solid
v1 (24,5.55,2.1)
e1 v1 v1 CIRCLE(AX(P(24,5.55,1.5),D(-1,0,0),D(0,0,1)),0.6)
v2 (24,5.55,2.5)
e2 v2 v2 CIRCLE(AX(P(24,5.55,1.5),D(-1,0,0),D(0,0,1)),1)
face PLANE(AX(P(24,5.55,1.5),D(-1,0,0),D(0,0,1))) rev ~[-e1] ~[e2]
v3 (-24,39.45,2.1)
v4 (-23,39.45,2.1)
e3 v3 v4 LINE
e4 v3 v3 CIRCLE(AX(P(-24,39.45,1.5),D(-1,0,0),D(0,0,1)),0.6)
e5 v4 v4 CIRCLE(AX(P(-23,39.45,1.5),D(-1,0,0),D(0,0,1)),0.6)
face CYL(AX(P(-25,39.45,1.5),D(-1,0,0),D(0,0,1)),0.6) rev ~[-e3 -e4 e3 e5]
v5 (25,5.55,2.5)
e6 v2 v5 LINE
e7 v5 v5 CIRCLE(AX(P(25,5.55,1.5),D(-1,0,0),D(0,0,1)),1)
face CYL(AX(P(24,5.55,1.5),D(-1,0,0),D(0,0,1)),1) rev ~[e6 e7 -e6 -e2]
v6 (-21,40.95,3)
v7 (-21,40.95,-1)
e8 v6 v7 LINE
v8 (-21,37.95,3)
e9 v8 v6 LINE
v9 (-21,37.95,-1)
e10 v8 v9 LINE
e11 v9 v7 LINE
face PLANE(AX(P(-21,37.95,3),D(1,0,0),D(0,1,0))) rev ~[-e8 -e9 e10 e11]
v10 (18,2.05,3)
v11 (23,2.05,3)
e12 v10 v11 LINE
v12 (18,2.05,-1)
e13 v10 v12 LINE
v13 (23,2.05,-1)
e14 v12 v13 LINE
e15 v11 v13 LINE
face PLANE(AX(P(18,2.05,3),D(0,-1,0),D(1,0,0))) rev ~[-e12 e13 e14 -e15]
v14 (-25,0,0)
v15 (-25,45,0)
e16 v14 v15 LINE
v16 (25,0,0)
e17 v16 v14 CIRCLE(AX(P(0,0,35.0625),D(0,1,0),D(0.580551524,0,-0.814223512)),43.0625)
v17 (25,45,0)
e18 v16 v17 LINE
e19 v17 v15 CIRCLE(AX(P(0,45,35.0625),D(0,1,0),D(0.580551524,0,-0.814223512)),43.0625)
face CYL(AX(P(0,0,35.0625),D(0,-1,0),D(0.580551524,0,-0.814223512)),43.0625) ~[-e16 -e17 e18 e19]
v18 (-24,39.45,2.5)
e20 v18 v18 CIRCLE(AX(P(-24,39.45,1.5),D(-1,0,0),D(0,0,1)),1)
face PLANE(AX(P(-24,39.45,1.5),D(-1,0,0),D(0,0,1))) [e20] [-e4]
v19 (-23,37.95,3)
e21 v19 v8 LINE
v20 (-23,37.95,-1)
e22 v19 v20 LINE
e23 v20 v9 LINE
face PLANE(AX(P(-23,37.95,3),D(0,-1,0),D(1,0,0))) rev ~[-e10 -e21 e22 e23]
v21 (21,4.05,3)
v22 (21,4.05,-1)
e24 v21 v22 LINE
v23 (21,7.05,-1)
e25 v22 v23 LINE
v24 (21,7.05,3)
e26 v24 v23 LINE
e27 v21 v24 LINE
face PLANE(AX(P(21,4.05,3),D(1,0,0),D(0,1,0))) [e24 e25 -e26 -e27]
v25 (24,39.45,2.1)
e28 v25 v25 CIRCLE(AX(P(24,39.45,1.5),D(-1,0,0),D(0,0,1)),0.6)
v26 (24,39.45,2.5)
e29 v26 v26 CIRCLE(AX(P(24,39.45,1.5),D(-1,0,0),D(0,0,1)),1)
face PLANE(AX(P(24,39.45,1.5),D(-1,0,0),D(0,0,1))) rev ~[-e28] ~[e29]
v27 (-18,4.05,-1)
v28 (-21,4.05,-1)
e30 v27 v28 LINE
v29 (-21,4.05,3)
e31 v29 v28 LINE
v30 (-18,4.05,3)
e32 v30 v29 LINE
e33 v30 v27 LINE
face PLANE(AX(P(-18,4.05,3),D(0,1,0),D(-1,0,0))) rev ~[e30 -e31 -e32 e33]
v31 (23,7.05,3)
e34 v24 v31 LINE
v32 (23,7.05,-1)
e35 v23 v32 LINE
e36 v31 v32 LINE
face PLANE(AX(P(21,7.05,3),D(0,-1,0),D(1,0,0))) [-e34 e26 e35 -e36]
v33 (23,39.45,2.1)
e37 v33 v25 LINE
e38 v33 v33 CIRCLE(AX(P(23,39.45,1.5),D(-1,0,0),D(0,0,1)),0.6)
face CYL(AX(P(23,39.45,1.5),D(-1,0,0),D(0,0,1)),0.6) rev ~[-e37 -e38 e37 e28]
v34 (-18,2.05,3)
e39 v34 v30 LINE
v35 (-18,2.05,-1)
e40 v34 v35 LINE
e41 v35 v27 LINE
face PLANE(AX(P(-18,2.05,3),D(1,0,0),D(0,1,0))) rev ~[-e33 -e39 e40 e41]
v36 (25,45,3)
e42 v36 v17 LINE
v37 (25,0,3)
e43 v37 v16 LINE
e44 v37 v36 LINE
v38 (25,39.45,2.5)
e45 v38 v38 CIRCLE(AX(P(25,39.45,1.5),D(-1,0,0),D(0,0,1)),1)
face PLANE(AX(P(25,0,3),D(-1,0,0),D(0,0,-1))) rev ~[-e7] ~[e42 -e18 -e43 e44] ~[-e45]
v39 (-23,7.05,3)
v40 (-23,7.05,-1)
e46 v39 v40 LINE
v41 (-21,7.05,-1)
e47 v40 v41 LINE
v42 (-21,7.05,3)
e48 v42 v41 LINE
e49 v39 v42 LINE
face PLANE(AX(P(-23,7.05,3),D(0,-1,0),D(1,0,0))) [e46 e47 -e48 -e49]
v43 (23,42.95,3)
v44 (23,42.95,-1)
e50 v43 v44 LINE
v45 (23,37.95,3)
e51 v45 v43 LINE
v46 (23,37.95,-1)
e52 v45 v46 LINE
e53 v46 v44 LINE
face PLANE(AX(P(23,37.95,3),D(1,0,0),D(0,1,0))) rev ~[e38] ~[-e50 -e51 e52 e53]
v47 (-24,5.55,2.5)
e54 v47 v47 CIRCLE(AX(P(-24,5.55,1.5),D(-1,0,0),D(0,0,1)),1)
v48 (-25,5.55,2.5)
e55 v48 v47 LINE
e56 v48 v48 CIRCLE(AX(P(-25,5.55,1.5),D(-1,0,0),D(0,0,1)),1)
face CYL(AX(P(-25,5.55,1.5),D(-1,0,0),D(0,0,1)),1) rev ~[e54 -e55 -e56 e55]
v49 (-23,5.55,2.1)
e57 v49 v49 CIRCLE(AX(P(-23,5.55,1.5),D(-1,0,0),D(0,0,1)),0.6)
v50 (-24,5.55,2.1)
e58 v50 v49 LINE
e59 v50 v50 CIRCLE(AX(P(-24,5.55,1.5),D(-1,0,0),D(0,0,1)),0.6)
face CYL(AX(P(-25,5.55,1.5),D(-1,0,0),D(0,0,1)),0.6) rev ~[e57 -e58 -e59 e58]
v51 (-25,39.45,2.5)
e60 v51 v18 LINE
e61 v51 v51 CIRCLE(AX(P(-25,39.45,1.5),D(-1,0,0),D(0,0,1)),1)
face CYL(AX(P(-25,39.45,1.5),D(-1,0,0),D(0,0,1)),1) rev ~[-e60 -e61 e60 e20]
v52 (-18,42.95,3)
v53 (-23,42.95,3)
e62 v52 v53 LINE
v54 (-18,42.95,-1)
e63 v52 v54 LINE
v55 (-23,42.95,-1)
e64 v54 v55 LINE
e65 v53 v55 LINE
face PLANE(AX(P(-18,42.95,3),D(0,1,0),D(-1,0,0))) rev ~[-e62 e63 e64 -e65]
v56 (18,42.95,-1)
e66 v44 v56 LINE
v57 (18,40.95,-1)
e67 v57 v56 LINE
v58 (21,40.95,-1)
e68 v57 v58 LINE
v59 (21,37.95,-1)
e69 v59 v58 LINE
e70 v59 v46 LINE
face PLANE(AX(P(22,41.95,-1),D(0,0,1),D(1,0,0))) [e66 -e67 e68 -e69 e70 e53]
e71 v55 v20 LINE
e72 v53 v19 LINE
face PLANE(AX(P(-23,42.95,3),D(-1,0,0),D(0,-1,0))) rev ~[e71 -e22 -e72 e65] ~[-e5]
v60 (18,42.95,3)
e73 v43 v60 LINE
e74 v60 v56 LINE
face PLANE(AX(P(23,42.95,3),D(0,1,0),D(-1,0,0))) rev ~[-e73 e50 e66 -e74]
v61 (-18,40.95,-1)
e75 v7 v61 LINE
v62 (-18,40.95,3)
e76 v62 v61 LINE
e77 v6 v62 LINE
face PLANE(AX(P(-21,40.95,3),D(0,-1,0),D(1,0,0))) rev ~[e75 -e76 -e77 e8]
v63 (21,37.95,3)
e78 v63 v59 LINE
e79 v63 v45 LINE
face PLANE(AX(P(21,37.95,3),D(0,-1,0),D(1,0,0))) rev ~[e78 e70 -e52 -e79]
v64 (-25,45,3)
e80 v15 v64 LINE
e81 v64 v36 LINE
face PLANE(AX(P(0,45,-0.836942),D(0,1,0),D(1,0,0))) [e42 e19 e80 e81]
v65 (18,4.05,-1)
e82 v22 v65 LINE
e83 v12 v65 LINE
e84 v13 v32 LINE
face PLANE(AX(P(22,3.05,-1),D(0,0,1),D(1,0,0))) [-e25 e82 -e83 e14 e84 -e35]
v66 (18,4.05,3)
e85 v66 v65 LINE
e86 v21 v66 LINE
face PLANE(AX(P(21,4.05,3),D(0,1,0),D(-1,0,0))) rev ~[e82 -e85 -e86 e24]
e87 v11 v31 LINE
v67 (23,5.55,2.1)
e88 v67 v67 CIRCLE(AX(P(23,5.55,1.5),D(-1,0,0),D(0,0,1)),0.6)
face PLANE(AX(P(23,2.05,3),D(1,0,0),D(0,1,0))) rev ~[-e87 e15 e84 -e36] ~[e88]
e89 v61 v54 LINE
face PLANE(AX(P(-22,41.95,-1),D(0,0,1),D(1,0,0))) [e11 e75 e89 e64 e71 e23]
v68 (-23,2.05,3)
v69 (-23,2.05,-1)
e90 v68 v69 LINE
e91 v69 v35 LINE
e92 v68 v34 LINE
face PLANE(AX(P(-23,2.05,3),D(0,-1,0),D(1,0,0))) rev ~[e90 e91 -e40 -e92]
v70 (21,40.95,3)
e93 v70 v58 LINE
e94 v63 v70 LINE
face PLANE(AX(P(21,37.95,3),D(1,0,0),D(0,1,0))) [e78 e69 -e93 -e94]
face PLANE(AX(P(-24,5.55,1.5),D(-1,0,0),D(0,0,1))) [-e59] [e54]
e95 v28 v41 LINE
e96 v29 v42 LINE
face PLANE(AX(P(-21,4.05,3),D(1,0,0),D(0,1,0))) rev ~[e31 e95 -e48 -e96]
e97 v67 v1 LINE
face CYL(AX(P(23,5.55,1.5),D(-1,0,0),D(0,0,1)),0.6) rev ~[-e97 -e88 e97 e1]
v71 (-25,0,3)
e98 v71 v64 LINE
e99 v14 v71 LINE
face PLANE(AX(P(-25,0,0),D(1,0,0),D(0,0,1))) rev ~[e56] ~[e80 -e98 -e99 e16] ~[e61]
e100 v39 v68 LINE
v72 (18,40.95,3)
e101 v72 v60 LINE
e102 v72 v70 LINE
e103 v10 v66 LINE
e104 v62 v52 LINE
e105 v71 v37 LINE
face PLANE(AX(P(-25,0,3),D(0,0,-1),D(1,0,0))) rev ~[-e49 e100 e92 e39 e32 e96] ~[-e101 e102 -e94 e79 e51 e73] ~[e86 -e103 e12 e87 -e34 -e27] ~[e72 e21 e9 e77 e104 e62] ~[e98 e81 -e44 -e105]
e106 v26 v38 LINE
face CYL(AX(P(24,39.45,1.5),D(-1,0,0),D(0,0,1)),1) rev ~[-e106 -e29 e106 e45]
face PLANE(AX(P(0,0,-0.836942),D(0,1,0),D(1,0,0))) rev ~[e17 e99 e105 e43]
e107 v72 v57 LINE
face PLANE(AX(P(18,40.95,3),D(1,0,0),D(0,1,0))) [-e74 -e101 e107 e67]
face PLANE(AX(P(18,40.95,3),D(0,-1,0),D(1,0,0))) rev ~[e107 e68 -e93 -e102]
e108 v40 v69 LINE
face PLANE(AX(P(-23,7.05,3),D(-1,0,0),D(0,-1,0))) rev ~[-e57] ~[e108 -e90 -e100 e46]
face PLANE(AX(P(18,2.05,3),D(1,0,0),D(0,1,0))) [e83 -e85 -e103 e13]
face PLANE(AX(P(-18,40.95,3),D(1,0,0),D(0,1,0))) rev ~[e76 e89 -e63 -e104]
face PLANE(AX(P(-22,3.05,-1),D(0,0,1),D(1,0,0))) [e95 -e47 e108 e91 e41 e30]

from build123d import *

# Parameters (mm, degrees)
EXTRUDE_1_DEPTH     = 45
SKETCH_5_W          = 2
SKETCH_5_H          = 2
SKETCH_5_W_2        = 3
SKETCH_5_H_2        = 3
CUT_EXTRUDE_1_DEPTH = 4
SKETCH_6_R          = 0.6
CUT_EXTRUDE_2_DEPTH = 2
SKETCH_6_3_R        = 1
CUT_EXTRUDE_3_DEPTH = 1
CUT_EXTRUDE_START   = -48
SKETCH_6_4_R        = 0.6
CUT_EXTRUDE_4_DEPTH = 2
CUT_EXTRUDE_START_2 = -49
SKETCH_6_5_R        = 1
CUT_EXTRUDE_6_DEPTH = 1


with BuildPart() as part:
    # 草图4 → 凸台-拉伸1 (new body)
    with BuildSketch(Plane(origin=(0, 0, 0), x_dir=(1, 0, 0), z_dir=(0, 1, 0))):
        with BuildLine():
            Line((-25, 0), (-25, -3))
            Line((-25, -3), (25, -3))
            Line((25, -3), (25, 0))
            ThreePointArc((25, 0), (0, 8), (-25, 0))
        make_face()
    extrude(amount=EXTRUDE_1_DEPTH)

    # 草图5 → 切除-拉伸1 (cut)
    with BuildSketch(Plane.XY.offset(3)):
        with Locations((-22, 41.95)):
            Rectangle(SKETCH_5_W, SKETCH_5_H)
        with Locations((-19.5, 41.95)):
            Rectangle(SKETCH_5_W_2, SKETCH_5_H)
        with Locations((-22, 39.45)):
            Rectangle(SKETCH_5_W, SKETCH_5_H_2)
        with Locations((22, 41.95)):
            Rectangle(SKETCH_5_W, SKETCH_5_H)
        with Locations((19.5, 41.95)):
            Rectangle(SKETCH_5_W_2, SKETCH_5_H)
        with Locations((22, 39.45)):
            Rectangle(SKETCH_5_W, SKETCH_5_H_2)
        with Locations((-22, 3.05)):
            Rectangle(SKETCH_5_W, SKETCH_5_H)
        with Locations((-19.5, 3.05)):
            Rectangle(SKETCH_5_W_2, SKETCH_5_H)
        with Locations((-22, 5.55)):
            Rectangle(SKETCH_5_W, SKETCH_5_H_2)
        with Locations((22, 3.05)):
            Rectangle(SKETCH_5_W, SKETCH_5_H)
        with Locations((19.5, 3.05)):
            Rectangle(SKETCH_5_W_2, SKETCH_5_H)
        with Locations((22, 5.55)):
            Rectangle(SKETCH_5_W, SKETCH_5_H_2)
    extrude(amount=-CUT_EXTRUDE_1_DEPTH, mode=Mode.SUBTRACT)

    # 草图6 → 切除-拉伸2 (cut)
    with BuildSketch(Plane.ZY.offset(25)):
        with Locations((1.5, 5.55)):
            Circle(SKETCH_6_R)
        with Locations((1.5, 39.45)):
            Circle(SKETCH_6_R)
    extrude(amount=-CUT_EXTRUDE_2_DEPTH, mode=Mode.SUBTRACT)

    # 草图6<3> → 切除-拉伸3 (cut)
    with BuildSketch(Plane.ZY.offset(25)):
        with Locations((1.5, 5.55)):
            Circle(SKETCH_6_3_R)
        with Locations((1.5, 39.45)):
            Circle(SKETCH_6_3_R)
    extrude(amount=-CUT_EXTRUDE_3_DEPTH, mode=Mode.SUBTRACT)

    # 草图6<4> → 切除-拉伸4 (cut)
    with BuildSketch(Plane.ZY.offset(25).offset(CUT_EXTRUDE_START)):
        with Locations((1.5, 5.55)):
            Circle(SKETCH_6_4_R)
        with Locations((1.5, 39.45)):
            Circle(SKETCH_6_4_R)
    extrude(amount=-CUT_EXTRUDE_4_DEPTH, mode=Mode.SUBTRACT)

    # 草图6<5> → 切除-拉伸6 (cut)
    with BuildSketch(Plane.ZY.offset(25).offset(CUT_EXTRUDE_START_2)):
        with Locations((1.5, 5.55)):
            Circle(SKETCH_6_5_R)
        with Locations((1.5, 39.45)):
            Circle(SKETCH_6_5_R)
    extrude(amount=-CUT_EXTRUDE_6_DEPTH, mode=Mode.SUBTRACT)


solid = part.part
